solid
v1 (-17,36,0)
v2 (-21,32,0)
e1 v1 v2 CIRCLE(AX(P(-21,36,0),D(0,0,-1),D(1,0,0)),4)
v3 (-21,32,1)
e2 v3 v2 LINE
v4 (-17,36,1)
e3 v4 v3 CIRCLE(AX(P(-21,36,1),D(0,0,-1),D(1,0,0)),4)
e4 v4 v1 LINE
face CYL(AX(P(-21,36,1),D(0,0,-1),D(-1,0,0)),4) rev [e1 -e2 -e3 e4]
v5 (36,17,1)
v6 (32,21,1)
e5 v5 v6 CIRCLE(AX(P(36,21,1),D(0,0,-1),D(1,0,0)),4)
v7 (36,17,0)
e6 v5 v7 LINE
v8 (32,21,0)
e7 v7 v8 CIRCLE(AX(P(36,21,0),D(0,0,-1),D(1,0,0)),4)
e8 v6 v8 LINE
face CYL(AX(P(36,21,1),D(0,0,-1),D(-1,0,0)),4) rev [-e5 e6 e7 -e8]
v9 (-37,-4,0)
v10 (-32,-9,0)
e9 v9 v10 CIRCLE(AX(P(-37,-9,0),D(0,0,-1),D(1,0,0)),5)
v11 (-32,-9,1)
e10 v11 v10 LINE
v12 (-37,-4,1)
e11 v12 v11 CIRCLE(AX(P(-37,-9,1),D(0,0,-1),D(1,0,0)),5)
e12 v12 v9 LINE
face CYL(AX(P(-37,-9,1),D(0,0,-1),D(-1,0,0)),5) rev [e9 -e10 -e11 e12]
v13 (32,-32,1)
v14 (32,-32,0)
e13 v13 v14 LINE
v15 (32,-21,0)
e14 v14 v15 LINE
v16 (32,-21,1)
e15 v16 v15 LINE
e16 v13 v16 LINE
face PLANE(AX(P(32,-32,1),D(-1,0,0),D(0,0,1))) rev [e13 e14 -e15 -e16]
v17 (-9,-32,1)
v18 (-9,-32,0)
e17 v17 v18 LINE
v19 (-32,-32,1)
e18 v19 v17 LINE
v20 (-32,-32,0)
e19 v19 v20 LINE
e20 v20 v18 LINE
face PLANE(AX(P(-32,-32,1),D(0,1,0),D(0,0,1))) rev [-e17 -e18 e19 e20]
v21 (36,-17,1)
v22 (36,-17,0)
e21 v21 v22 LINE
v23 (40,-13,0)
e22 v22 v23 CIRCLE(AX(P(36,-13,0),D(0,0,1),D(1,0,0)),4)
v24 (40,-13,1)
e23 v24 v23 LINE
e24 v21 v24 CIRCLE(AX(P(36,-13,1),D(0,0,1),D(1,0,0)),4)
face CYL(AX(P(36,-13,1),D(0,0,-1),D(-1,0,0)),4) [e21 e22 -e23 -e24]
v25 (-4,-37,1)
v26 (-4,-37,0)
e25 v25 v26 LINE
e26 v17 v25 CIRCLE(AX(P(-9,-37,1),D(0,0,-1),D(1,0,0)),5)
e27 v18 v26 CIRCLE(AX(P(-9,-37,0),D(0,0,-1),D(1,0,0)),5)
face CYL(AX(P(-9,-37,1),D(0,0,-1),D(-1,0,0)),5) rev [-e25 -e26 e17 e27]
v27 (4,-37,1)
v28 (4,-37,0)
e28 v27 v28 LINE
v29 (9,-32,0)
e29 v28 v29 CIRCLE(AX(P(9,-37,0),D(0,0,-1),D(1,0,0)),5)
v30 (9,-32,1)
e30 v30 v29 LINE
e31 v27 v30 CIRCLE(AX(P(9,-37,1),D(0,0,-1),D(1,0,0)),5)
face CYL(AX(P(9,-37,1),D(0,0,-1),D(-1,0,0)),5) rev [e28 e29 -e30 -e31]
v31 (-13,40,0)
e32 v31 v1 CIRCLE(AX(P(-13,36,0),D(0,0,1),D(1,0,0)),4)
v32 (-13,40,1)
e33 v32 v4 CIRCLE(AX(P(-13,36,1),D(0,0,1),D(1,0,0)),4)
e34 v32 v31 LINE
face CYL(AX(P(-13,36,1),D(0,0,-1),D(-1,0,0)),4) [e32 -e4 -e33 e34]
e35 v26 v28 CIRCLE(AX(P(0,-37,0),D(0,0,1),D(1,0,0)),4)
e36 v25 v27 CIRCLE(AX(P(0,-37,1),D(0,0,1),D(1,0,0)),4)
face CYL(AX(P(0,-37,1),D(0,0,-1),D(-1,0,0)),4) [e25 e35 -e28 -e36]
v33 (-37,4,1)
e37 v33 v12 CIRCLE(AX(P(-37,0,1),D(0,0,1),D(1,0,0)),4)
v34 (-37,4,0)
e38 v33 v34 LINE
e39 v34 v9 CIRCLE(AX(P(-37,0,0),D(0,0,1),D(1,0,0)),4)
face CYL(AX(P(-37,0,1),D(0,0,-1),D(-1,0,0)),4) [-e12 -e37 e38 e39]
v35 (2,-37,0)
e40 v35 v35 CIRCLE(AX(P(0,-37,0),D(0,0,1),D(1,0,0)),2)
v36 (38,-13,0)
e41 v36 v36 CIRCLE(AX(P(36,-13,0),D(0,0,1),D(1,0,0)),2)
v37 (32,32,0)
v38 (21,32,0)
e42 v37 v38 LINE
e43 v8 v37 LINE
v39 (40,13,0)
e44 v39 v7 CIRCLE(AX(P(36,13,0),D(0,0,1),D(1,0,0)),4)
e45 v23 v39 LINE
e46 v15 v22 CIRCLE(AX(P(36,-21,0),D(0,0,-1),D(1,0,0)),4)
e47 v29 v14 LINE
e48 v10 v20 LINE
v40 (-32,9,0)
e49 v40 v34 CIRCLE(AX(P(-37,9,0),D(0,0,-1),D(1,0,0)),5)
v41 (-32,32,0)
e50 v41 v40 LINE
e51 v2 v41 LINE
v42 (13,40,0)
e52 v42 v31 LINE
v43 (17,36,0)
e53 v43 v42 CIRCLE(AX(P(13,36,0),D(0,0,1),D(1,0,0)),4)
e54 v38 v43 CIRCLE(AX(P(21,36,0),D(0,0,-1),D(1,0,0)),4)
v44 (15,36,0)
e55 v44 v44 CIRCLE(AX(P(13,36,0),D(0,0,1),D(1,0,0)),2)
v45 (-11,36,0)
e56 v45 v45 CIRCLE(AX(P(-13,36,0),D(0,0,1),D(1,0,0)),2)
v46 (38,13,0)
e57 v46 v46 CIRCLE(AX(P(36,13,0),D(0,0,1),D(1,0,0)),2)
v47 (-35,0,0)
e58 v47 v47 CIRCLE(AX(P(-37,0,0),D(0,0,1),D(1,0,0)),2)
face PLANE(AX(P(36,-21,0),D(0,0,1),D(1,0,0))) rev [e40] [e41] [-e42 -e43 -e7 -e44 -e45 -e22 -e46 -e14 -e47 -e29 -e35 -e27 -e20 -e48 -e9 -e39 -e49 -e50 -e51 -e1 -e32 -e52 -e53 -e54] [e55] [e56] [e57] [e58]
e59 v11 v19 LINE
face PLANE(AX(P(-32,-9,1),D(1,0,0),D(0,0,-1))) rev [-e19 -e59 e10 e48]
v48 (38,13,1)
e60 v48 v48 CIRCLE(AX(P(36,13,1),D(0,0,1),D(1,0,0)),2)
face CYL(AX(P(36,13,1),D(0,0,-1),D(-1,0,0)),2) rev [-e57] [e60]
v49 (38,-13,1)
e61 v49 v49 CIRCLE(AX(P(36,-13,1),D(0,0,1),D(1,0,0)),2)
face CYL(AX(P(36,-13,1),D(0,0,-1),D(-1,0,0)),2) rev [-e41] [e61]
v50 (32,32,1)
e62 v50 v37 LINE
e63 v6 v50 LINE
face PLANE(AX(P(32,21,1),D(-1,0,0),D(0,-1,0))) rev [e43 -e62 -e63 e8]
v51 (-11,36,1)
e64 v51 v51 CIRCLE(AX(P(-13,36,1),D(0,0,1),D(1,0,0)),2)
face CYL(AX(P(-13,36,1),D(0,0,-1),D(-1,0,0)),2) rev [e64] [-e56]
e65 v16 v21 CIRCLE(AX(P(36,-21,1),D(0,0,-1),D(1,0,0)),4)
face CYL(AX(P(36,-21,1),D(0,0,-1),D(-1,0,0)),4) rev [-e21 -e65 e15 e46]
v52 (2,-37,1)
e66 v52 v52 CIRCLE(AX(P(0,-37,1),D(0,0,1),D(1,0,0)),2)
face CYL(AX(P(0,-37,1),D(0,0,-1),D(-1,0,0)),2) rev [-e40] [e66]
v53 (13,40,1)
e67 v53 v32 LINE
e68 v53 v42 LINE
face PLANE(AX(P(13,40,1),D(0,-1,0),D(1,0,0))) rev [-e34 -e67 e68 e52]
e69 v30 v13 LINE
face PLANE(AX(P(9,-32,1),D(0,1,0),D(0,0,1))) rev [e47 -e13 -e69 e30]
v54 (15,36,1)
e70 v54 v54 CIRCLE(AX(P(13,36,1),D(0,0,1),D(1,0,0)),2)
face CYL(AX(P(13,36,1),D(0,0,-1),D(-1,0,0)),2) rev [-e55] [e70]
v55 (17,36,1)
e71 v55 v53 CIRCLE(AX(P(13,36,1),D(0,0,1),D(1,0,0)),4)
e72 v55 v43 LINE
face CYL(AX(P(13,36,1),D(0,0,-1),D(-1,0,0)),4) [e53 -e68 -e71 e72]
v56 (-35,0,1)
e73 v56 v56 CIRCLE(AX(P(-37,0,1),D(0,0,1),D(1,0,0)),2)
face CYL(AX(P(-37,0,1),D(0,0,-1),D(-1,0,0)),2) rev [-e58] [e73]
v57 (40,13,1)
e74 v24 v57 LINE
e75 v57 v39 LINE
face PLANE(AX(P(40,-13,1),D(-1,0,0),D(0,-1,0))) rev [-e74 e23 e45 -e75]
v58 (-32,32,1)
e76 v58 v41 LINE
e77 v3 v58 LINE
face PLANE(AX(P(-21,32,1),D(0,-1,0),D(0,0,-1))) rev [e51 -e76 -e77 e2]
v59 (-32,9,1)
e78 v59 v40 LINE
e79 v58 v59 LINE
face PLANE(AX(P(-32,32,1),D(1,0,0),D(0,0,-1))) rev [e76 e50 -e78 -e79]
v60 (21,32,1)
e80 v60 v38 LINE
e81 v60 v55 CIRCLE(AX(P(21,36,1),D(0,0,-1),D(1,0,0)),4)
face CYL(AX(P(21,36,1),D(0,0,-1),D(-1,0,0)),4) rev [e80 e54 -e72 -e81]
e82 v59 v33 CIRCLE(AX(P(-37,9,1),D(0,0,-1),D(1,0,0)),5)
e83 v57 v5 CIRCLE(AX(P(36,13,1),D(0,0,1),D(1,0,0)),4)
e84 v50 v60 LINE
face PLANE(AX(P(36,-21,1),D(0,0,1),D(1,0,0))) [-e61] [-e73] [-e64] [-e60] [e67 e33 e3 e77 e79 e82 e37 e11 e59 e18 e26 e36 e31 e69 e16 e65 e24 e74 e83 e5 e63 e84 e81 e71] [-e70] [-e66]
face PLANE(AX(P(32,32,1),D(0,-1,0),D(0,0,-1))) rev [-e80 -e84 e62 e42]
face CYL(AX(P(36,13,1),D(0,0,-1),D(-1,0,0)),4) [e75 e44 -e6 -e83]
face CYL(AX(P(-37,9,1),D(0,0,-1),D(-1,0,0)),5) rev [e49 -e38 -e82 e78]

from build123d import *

# Parameters (mm, degrees)
SKETCH1_R           = 2
SKETCH1_W           = 56
SKETCH1_H           = 56
BOSS_EXTRUDE1_DEPTH = 1
SKETCH3_W           = 56
SKETCH3_H           = 56
BOSS_EXTRUDE3_DEPTH = 1


with BuildPart() as part:
    # Sketch1 → Boss-Extrude1 (new body)
    with BuildSketch(Plane.XY):
        with BuildLine():
            Line((40, -13), (40, 13))
            ThreePointArc((40, 13), (38.828427125, 15.828427125), (36, 17))
            ThreePointArc((36, 17), (33.171572875, 18.171572875), (32, 21))
            Line((32, 21), (32, 32))
            Line((32, 32), (21, 32))
            ThreePointArc((21, 32), (18.171572875, 33.171572875), (17, 36))
            ThreePointArc((17, 36), (15.828427125, 38.828427125), (13, 40))
            Line((13, 40), (-13, 40))
            ThreePointArc((-13, 40), (-15.828427125, 38.828427125), (-17, 36))
            ThreePointArc((-17, 36), (-18.171572875, 33.171572875), (-21, 32))
            Line((-21, 32), (-32, 32))
            Line((-32, 32), (-32, 9))
            ThreePointArc((-32, 9), (-33.464466094, 5.464466094), (-37, 4))
            ThreePointArc((-37, 4), (-41, 0), (-37, -4))
            ThreePointArc((-37, -4), (-33.464466094, -5.464466094), (-32, -9))
            Line((-32, -9), (-32, -32))
            Line((-32, -32), (-9, -32))
            ThreePointArc((-9, -32), (-5.464466094, -33.464466094), (-4, -37))
            ThreePointArc((-4, -37), (0, -41), (4, -37))
            ThreePointArc((4, -37), (5.464466094, -33.464466094), (9, -32))
            Line((9, -32), (32, -32))
            Line((32, -32), (32, -21))
            ThreePointArc((32, -21), (33.171572875, -18.171572875), (36, -17))
            ThreePointArc((36, -17), (38.828427125, -15.828427125), (40, -13))
        make_face()
        with Locations((-37, 0)):
            Circle(SKETCH1_R, mode=Mode.SUBTRACT)
        with Locations((-13, 36)):
            Circle(SKETCH1_R, mode=Mode.SUBTRACT)
        with Locations((0, -37)):
            Circle(SKETCH1_R, mode=Mode.SUBTRACT)
        with Locations((36, -13)):
            Circle(SKETCH1_R, mode=Mode.SUBTRACT)
        with Locations((36, 13)):
            Circle(SKETCH1_R, mode=Mode.SUBTRACT)
        with Locations((13, 36)):
            Circle(SKETCH1_R, mode=Mode.SUBTRACT)
        Rectangle(SKETCH1_W, SKETCH1_H, mode=Mode.SUBTRACT)
    extrude(amount=BOSS_EXTRUDE1_DEPTH)

    # Sketch3 → Boss-Extrude3 (add)
    with BuildSketch(Plane.XY.offset(1)):
        Rectangle(SKETCH3_W, SKETCH3_H)
    extrude(amount=-BOSS_EXTRUDE3_DEPTH)


solid = part.part
